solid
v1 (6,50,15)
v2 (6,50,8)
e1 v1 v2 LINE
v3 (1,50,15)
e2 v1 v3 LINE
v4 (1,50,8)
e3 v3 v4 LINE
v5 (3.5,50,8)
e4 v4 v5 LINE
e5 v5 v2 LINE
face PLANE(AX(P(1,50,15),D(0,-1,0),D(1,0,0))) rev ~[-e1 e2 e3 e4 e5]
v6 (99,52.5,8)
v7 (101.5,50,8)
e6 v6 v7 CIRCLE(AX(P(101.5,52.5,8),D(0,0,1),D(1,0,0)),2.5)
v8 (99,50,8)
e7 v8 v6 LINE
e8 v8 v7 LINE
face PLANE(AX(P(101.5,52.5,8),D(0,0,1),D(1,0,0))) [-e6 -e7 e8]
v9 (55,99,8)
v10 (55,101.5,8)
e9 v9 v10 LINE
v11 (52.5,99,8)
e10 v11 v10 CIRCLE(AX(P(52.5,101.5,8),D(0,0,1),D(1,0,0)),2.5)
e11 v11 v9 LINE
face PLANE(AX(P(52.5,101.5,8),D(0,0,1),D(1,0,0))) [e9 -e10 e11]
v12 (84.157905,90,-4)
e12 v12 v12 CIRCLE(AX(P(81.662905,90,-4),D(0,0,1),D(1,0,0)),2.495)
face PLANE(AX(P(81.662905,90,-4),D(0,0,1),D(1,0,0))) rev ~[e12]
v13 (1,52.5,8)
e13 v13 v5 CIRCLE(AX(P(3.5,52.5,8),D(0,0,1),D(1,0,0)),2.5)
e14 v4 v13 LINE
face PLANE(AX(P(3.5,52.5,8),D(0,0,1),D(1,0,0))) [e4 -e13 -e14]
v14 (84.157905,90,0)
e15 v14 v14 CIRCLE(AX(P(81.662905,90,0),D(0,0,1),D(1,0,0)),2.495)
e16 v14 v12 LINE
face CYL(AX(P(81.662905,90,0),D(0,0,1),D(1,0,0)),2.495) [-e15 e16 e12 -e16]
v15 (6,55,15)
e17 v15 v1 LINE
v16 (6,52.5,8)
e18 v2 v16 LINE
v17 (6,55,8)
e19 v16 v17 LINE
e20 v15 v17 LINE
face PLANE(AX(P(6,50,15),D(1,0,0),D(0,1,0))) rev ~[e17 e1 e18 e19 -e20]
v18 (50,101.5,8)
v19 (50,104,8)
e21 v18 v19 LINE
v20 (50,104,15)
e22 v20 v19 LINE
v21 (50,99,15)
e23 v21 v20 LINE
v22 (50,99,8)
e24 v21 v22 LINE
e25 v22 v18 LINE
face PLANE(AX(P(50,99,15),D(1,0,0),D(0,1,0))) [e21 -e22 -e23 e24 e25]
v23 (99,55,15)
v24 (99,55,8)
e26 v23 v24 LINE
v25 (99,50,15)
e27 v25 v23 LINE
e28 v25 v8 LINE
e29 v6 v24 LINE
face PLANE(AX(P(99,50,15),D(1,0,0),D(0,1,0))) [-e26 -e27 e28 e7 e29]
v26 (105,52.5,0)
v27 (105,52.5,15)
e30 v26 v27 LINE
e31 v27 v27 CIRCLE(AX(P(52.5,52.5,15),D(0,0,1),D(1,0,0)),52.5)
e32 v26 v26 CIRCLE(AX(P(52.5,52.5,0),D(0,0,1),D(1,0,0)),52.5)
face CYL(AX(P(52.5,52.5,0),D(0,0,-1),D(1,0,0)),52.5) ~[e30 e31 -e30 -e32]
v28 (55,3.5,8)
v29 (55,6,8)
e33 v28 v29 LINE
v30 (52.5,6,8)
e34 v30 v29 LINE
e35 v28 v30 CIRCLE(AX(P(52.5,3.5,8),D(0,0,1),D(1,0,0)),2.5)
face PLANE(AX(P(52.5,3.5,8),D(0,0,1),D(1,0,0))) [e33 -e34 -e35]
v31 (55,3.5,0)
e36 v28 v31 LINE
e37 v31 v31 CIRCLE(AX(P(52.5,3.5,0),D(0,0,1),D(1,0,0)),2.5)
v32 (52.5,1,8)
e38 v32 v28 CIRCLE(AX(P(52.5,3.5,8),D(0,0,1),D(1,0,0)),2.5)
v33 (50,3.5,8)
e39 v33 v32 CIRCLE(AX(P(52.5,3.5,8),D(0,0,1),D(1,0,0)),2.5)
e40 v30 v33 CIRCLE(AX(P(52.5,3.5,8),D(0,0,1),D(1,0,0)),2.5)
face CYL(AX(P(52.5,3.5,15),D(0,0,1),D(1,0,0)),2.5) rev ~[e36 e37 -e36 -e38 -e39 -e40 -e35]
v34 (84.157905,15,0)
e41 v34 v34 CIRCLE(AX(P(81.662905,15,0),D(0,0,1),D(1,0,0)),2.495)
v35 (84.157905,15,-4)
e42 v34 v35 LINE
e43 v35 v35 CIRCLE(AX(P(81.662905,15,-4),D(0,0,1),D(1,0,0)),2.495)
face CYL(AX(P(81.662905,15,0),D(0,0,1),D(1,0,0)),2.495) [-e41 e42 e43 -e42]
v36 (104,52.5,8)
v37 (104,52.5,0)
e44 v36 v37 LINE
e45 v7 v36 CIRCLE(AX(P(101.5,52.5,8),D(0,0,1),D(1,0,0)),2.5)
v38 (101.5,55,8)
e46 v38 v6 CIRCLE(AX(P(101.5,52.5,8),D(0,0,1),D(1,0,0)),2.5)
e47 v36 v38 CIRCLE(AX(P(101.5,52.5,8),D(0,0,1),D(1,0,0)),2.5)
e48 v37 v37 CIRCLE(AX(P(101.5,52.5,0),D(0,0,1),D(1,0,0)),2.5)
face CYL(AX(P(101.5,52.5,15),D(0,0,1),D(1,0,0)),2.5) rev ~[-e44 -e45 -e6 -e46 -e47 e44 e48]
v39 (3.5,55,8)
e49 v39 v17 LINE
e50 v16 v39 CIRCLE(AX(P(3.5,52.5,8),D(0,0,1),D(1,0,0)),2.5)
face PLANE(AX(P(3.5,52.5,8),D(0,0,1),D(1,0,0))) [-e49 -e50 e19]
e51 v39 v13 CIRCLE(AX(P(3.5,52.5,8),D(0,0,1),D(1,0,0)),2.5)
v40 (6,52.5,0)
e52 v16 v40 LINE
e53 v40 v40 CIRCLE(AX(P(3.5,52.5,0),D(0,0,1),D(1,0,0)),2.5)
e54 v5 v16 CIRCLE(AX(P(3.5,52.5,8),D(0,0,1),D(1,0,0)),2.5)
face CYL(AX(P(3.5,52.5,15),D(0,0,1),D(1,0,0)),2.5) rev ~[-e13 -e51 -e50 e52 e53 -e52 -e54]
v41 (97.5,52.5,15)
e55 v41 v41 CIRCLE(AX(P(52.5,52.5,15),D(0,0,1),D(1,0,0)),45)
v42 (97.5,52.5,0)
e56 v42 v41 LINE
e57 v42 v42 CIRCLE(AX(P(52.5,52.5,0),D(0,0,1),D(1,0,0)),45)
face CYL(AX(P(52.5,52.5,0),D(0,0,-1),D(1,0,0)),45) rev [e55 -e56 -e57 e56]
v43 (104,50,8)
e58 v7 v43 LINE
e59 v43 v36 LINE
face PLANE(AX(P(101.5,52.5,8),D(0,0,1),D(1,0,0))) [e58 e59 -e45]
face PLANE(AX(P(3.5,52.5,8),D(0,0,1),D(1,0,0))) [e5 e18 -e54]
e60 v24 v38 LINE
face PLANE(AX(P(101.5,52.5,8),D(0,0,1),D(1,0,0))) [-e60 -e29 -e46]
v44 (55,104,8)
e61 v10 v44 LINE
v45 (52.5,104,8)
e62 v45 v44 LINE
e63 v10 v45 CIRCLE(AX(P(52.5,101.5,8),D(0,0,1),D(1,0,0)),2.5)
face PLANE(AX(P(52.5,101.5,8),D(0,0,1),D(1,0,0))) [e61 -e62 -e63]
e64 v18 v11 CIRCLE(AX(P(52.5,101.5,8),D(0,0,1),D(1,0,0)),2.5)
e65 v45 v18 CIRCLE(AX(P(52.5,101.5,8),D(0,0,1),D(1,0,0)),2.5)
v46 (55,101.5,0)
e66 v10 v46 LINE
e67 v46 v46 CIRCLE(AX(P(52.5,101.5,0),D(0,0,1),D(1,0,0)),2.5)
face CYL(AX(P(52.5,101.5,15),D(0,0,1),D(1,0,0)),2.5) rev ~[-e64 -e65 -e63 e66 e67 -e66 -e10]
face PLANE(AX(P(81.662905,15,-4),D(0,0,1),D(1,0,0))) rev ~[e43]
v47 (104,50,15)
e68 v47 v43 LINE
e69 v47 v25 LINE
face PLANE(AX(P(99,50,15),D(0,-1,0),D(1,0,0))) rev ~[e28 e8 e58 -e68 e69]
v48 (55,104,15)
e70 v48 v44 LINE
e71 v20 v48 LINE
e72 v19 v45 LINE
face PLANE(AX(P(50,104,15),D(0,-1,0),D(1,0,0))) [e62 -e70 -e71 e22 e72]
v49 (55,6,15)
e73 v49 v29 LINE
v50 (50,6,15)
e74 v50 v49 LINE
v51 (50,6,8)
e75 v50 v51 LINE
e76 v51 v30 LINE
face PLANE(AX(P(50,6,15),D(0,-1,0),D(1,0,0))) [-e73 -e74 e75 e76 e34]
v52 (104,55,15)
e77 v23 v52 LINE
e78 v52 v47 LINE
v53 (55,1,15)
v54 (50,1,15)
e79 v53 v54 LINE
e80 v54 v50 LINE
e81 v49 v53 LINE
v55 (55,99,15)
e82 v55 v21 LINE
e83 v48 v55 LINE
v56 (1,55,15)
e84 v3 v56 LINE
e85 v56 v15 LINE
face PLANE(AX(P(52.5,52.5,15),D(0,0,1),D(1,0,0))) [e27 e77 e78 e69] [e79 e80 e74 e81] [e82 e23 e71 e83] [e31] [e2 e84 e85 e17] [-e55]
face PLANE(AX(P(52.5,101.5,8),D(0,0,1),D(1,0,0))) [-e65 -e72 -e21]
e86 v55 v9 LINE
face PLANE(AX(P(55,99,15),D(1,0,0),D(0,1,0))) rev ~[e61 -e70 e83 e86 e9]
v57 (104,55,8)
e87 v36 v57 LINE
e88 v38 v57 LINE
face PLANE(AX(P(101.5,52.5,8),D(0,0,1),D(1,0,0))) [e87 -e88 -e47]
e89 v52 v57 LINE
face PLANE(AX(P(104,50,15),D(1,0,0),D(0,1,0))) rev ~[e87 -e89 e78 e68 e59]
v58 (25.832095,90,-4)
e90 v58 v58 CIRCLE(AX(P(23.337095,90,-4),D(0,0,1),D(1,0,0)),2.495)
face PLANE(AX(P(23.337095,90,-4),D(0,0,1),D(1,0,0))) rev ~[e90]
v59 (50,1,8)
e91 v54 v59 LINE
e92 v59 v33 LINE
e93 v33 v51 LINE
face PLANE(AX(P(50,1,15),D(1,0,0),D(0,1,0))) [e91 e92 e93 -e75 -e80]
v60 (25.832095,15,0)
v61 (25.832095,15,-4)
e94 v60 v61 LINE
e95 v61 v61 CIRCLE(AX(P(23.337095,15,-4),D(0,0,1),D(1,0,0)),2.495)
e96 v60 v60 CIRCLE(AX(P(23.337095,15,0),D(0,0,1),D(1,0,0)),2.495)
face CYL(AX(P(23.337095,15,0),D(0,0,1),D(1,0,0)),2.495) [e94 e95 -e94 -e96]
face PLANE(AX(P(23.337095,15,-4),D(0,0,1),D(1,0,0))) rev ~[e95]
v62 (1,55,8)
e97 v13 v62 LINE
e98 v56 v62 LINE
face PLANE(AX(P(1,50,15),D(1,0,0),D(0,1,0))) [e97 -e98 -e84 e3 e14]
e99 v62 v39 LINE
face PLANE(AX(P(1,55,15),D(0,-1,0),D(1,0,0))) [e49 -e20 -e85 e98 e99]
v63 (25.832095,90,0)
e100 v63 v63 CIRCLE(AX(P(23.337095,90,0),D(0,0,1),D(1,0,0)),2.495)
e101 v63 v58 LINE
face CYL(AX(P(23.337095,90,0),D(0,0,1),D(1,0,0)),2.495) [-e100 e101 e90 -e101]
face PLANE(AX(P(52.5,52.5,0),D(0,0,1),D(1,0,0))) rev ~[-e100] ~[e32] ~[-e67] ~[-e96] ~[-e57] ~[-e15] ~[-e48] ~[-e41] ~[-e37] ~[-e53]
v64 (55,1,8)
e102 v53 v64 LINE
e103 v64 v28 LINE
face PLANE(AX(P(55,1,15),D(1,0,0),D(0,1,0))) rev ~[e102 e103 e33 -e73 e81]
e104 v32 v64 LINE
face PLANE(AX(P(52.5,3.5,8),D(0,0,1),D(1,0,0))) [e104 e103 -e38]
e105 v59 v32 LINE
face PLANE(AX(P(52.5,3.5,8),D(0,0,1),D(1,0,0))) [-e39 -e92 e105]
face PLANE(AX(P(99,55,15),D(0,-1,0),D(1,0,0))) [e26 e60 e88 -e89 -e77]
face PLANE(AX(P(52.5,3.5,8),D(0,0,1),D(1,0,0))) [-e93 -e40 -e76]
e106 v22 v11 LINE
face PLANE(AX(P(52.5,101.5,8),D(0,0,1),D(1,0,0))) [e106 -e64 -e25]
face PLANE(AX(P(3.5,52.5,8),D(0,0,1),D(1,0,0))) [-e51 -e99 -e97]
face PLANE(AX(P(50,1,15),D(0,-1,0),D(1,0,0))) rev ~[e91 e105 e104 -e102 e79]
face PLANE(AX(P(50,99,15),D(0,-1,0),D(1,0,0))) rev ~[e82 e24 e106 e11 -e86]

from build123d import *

# Parameters (mm, degrees)
SKETCH_R        = 52.5
SKETCH_R_2      = 45
PAD_DEPTH       = 15
SKETCH001_W     = 5
SKETCH001_H     = 5
POCKET001_DEPTH = 7
SKETCH002_R     = 2.5
HOLE_DEPTH      = 15.001
SKETCH012_R     = 2.495
PAD005_DEPTH    = 4


with BuildPart() as part:
    # Sketch → Pad (new body)
    with BuildSketch(Plane.XY):
        with Locations((52.5, 52.5)):
            Circle(SKETCH_R)
        with Locations((52.5, 52.5)):
            Circle(SKETCH_R_2, mode=Mode.SUBTRACT)
    extrude(amount=PAD_DEPTH)

    # Sketch001 (on Face4 of Pad) → Pocket001 (cut)
    with BuildSketch(Plane.XY.offset(15)):
        with Locations((3.5, 52.5)):
            Rectangle(SKETCH001_W, SKETCH001_H)
        with Locations((52.5, 3.5)):
            Rectangle(SKETCH001_W, SKETCH001_H)
        with Locations((101.5, 52.5)):
            Rectangle(SKETCH001_W, SKETCH001_H)
        with Locations((52.5, 101.5)):
            Rectangle(SKETCH001_W, SKETCH001_H)
    extrude(amount=-POCKET001_DEPTH, mode=Mode.SUBTRACT)

    # Sketch002 (on Face3 of Pocket001) → Hole (cut, through all)
    with BuildSketch(Plane.XY.offset(15)):
        with Locations((52.5, 101.5)):
            Circle(SKETCH002_R)
        with Locations((52.5, 3.5)):
            Circle(SKETCH002_R)
        with Locations((3.5, 52.5)):
            Circle(SKETCH002_R)
        with Locations((101.5, 52.5)):
            Circle(SKETCH002_R)
    extrude(amount=-HOLE_DEPTH, mode=Mode.SUBTRACT)

    # Sketch012 → Pad005 (join)
    with BuildSketch(Plane.XY):
        with Locations((81.6629049479, 90)):
            Circle(SKETCH012_R)
        with Locations((81.6629049479, 15)):
            Circle(SKETCH012_R)
        with Locations((23.3370950521, 90)):
            Circle(SKETCH012_R)
        with Locations((23.3370950521, 15)):
            Circle(SKETCH012_R)
    extrude(amount=-PAD005_DEPTH)


solid = part.part
